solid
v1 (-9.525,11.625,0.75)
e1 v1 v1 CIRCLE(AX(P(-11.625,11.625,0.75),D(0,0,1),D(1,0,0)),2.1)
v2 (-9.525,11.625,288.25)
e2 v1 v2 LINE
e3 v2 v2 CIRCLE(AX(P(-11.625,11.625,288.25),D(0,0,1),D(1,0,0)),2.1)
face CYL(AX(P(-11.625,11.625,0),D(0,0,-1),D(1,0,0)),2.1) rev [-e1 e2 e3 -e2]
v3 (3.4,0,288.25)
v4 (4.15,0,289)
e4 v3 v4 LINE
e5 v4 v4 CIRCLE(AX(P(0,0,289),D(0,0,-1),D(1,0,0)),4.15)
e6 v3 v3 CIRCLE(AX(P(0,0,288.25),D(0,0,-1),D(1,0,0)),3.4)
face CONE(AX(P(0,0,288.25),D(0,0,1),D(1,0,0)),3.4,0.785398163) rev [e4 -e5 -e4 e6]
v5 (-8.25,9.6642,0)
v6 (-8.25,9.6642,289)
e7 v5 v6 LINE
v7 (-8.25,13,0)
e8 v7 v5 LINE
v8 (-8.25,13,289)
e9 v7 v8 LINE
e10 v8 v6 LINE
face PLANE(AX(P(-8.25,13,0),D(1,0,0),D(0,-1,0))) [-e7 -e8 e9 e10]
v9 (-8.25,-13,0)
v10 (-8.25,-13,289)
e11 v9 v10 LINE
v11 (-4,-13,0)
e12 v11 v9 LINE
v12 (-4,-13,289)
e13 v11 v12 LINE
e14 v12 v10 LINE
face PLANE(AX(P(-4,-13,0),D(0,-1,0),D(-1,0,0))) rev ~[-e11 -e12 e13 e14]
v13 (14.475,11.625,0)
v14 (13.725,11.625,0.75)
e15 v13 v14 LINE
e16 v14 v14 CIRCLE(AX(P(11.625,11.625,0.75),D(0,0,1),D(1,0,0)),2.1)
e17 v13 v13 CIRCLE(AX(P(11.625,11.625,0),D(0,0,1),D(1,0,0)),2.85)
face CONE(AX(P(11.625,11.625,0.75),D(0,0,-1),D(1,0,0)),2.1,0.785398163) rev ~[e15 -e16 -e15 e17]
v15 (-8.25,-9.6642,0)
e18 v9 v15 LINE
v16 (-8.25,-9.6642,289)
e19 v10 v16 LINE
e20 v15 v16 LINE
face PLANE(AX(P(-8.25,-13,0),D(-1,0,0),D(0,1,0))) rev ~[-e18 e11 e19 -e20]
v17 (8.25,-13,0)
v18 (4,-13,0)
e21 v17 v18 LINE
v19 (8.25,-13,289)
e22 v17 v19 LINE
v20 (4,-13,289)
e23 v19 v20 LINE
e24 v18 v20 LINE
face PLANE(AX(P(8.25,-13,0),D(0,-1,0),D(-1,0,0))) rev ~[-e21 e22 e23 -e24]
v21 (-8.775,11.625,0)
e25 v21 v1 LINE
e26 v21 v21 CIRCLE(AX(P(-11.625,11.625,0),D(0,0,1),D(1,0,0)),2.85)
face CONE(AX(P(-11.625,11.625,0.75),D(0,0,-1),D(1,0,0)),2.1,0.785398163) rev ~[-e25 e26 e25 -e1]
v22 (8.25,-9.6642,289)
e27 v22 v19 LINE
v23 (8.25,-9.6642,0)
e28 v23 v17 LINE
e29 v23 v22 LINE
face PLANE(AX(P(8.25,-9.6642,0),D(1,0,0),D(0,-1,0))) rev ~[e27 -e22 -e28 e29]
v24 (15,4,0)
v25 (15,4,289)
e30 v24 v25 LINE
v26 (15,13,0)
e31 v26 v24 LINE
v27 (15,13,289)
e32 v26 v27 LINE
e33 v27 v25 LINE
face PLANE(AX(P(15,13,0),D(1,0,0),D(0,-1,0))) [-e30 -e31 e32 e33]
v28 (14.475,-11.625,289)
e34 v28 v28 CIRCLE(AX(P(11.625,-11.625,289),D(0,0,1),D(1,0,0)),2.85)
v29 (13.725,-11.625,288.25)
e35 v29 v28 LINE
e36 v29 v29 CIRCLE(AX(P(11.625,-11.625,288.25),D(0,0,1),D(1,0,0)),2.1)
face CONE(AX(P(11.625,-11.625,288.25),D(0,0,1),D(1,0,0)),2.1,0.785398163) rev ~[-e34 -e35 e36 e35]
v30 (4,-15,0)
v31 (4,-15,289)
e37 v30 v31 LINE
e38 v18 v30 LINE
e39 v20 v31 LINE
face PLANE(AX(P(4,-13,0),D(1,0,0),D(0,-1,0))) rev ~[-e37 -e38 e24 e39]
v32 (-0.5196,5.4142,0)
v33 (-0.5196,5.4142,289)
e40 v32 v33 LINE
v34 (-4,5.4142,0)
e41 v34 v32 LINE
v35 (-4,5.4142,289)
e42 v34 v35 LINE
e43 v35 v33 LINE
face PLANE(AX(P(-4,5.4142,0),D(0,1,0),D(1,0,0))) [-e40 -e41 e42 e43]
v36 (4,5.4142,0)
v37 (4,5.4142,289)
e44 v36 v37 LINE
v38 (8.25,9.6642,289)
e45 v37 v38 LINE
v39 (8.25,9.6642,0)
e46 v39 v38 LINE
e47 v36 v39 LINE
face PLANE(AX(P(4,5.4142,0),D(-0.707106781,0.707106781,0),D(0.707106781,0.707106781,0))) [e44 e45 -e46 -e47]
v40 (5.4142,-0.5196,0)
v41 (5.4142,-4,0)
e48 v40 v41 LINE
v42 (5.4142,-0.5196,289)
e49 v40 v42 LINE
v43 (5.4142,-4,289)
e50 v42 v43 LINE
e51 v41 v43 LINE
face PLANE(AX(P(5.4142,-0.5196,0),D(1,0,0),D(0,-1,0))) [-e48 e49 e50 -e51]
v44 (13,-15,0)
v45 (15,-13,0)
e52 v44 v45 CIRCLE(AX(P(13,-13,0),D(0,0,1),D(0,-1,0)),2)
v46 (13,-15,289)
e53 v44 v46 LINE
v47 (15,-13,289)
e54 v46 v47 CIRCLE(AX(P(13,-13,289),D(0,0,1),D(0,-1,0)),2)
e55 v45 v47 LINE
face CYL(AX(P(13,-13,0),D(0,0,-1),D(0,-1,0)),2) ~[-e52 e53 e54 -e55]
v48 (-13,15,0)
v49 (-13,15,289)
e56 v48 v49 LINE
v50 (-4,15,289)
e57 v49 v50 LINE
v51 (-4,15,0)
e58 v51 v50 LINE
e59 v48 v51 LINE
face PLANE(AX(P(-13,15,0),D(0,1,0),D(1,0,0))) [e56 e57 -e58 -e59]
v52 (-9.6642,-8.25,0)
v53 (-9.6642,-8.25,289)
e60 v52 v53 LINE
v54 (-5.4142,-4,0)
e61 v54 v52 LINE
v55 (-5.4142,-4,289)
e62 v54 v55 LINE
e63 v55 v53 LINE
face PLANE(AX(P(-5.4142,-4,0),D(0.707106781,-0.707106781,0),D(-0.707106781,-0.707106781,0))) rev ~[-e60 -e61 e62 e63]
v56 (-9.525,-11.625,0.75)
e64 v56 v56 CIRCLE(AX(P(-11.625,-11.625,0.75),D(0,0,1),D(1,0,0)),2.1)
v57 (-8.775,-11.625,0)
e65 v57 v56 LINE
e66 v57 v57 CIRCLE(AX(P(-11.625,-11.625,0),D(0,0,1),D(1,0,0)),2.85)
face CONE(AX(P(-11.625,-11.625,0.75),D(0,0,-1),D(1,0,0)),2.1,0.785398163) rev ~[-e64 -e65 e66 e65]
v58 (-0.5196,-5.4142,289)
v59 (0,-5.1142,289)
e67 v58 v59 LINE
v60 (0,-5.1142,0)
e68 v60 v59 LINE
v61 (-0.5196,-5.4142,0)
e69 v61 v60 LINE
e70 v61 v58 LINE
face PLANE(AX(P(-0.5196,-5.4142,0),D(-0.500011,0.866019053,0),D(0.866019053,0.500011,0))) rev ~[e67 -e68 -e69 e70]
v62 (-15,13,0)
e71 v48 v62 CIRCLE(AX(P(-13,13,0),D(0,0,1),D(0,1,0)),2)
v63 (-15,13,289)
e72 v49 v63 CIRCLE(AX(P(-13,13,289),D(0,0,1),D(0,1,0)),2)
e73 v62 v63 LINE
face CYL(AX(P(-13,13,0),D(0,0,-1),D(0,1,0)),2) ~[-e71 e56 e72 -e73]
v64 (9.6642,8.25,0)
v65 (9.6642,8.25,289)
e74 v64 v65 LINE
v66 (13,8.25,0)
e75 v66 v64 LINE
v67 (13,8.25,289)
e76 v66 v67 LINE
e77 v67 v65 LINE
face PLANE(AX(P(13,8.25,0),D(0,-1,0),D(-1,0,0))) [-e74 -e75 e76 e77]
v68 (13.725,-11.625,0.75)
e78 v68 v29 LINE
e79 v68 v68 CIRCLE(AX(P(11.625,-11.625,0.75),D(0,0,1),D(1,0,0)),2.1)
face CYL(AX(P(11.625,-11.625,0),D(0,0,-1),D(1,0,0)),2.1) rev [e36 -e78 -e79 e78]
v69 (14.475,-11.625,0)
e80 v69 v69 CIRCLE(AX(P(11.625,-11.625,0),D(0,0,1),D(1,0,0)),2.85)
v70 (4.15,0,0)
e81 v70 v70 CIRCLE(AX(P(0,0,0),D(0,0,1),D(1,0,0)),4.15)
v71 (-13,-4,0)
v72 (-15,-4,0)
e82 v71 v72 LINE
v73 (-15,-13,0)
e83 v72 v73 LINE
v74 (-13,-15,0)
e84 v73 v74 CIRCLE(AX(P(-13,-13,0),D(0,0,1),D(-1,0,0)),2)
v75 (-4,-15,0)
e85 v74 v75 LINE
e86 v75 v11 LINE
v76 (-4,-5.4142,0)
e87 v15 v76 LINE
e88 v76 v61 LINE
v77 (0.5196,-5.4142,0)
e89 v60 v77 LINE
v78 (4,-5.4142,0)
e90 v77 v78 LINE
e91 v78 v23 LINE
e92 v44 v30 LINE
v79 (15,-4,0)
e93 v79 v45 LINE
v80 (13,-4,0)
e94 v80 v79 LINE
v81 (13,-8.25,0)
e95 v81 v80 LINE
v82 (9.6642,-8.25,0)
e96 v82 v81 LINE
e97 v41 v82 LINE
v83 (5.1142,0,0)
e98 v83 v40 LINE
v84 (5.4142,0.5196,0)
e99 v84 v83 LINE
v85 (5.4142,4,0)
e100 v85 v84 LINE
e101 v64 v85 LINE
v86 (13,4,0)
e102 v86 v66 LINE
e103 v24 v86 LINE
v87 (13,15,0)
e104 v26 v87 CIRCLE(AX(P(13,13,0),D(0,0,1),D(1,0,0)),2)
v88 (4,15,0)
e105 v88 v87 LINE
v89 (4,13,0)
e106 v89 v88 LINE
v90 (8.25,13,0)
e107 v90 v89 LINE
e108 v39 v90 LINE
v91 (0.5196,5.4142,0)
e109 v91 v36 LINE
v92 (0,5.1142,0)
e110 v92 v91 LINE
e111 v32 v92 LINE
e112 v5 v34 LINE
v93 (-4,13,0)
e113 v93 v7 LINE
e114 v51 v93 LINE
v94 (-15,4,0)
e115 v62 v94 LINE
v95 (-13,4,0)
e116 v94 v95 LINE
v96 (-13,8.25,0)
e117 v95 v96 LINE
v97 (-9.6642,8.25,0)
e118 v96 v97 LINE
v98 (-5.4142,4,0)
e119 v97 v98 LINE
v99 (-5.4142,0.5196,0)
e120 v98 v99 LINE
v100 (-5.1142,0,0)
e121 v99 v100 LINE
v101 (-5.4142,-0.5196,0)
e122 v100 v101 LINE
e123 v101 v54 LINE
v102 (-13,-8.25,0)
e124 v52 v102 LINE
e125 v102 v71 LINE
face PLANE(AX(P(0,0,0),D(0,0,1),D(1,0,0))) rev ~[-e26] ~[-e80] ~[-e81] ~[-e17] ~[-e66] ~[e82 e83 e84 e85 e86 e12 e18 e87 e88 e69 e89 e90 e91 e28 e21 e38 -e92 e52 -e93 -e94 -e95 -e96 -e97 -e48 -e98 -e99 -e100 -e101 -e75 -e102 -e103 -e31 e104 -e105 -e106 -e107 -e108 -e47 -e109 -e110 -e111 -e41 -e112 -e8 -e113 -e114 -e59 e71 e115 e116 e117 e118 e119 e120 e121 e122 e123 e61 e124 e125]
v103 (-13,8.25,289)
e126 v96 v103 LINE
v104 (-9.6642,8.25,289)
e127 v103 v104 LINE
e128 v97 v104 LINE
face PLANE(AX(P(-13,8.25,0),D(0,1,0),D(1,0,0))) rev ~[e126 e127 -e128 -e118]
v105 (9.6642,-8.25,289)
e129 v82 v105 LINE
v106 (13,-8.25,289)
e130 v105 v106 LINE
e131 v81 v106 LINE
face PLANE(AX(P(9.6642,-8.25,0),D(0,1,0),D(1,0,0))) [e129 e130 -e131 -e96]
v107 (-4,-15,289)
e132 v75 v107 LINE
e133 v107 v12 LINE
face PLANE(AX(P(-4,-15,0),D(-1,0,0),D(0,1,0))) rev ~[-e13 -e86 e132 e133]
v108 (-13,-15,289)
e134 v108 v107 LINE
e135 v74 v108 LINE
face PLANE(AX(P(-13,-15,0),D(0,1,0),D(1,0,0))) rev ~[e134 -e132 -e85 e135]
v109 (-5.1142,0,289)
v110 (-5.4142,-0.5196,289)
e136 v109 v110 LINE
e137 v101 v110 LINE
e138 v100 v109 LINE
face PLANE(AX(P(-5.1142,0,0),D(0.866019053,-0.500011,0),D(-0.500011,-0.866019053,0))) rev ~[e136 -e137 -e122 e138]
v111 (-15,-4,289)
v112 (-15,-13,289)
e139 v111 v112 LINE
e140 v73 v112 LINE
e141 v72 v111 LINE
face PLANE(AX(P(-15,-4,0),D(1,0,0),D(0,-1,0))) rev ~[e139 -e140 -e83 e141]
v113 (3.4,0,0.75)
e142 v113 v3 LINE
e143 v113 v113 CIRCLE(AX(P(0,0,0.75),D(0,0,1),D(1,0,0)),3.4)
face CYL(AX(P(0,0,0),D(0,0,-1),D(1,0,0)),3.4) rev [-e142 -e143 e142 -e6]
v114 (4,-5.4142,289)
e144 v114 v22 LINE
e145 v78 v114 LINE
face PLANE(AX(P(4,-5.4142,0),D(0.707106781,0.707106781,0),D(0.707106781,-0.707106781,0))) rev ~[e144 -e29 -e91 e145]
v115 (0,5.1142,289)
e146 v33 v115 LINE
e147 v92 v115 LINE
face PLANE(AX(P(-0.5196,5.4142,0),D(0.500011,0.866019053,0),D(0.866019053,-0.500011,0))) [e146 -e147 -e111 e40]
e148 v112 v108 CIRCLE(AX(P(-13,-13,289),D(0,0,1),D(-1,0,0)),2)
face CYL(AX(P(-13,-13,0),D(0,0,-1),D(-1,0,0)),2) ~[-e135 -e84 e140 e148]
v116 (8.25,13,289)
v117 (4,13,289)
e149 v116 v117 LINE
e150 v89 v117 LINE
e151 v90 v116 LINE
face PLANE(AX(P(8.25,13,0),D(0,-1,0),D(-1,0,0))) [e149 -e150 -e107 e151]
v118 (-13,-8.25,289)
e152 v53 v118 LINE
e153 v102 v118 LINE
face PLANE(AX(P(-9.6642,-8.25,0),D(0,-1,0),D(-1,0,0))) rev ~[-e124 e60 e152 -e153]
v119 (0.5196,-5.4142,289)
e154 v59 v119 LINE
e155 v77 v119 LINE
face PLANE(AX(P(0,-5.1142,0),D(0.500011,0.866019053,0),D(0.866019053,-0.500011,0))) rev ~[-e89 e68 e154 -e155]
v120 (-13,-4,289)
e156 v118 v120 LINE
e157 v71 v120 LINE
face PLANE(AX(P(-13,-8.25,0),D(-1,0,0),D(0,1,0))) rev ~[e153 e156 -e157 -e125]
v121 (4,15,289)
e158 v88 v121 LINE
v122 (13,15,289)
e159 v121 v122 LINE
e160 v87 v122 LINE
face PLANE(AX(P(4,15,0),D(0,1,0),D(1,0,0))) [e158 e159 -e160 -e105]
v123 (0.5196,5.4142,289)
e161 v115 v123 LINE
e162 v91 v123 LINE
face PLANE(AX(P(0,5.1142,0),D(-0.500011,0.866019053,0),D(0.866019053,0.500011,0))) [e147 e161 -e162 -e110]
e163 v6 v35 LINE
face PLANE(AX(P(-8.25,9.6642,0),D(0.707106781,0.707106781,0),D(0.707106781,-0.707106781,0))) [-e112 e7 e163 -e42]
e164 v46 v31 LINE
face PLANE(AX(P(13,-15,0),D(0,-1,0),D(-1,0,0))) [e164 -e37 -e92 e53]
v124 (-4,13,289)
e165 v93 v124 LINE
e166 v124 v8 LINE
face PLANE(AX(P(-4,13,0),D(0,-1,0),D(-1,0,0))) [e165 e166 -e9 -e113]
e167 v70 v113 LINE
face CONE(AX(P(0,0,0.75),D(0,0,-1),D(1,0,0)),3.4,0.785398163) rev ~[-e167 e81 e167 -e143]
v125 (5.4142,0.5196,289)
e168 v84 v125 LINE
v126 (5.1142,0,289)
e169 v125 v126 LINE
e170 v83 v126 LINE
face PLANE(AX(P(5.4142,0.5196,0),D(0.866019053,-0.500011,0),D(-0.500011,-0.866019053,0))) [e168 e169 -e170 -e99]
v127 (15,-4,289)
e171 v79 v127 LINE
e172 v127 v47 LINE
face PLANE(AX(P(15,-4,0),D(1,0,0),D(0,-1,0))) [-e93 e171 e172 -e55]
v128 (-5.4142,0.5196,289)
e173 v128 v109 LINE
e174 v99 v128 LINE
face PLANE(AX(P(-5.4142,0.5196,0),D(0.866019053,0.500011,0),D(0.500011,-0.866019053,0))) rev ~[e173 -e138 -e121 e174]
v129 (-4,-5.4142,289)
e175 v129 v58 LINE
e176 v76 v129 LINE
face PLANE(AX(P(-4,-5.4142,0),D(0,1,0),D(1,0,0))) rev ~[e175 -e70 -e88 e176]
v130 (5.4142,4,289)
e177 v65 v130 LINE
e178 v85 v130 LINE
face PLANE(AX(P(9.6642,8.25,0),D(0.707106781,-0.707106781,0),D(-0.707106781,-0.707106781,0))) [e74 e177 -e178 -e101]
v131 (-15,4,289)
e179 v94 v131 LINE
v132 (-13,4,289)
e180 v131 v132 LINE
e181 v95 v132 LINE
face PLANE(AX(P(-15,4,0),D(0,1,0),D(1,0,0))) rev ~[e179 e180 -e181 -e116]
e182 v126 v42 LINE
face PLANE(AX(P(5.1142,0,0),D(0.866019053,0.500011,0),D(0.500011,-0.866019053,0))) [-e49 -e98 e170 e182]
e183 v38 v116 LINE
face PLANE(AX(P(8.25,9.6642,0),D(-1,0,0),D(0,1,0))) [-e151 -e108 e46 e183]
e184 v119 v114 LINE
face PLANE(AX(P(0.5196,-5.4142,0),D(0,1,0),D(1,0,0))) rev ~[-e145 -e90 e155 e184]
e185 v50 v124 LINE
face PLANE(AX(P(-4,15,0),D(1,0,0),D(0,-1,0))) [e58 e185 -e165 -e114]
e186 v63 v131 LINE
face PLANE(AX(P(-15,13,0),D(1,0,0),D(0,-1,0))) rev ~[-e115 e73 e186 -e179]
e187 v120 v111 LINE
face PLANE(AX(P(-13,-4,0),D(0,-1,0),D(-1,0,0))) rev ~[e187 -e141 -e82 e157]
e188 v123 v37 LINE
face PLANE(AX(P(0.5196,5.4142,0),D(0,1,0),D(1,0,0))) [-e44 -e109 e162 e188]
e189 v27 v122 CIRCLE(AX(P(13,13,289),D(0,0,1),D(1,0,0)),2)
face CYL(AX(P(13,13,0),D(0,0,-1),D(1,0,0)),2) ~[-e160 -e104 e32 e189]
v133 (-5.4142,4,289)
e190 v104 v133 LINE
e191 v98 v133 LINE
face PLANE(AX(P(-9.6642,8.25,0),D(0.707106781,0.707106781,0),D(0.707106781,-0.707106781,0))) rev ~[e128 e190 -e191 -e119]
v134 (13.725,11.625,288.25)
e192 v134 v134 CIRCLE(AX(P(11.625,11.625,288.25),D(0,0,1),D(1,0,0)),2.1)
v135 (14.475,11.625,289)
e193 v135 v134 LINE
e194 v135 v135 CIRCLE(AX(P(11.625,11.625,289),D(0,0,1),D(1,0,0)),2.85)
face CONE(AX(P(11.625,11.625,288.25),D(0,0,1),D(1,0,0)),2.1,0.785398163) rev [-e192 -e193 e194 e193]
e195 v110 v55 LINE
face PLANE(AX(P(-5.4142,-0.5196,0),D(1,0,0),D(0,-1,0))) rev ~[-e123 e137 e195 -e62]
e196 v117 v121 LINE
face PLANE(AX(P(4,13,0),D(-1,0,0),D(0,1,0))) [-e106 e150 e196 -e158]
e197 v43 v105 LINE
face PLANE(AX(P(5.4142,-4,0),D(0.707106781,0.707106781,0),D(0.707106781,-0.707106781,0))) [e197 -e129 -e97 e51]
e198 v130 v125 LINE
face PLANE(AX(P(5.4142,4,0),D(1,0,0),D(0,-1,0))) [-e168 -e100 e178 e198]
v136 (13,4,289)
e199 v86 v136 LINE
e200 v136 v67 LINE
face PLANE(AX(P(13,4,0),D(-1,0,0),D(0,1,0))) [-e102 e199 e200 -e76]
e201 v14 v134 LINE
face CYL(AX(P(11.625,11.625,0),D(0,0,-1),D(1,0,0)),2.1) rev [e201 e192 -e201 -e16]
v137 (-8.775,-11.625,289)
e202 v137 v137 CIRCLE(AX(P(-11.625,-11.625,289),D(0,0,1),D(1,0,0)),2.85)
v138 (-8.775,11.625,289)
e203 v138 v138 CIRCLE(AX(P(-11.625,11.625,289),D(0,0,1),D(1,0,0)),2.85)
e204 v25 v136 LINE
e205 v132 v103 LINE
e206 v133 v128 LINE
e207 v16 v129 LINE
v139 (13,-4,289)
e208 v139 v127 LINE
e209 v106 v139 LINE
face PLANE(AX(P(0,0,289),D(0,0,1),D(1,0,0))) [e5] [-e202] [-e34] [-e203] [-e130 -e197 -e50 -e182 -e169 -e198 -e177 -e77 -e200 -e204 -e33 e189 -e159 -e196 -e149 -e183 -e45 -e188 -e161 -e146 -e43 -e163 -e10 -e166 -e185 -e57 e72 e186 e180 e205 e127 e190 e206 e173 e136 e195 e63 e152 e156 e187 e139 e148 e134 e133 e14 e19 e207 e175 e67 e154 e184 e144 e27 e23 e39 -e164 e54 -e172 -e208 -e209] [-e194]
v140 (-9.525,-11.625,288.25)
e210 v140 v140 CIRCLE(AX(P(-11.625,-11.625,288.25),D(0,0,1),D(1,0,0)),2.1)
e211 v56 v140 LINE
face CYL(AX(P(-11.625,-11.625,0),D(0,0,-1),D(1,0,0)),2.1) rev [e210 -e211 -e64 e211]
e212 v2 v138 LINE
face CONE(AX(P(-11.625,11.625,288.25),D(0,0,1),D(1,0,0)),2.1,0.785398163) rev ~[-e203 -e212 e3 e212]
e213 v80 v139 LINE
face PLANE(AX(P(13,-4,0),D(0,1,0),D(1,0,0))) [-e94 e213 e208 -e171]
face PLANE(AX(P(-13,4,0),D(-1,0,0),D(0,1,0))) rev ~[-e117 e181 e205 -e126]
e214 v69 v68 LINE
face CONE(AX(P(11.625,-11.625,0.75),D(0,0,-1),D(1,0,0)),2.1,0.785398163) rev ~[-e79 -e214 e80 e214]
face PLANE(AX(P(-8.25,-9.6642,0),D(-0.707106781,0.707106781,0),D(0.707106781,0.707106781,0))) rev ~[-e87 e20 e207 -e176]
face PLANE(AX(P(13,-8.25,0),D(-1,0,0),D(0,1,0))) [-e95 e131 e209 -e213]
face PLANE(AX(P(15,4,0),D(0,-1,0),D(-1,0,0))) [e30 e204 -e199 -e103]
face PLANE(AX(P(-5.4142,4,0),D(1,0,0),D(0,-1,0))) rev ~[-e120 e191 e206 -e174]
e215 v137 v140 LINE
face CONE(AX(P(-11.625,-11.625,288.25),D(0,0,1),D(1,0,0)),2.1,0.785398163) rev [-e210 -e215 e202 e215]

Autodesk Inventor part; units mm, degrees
ref_plane "YZ Plane" through (0, 0, 0) normal (1, 0, 0) x (0, 1, 0)
ref_plane "XZ Plane" through (0, 0, 0) normal (0, 1, 0) x (-1, 0, 0)
ref_plane "XY Plane" through (0, 0, 0) normal (0, 0, 1) x (1, 0, 0)
sketch "Náčrt1" plane through (0, 0, 0) normal (0, 0, 1) x (1, 0, 0)
  line L0 (0, -21.5799) -> (0, 21.5799) projected
  line L1 (-21.5799, 0) -> (21.5799, 0) projected
  line L2 (-13, 15) -> (-4, 15)
  line L3 (-4, 15) -> (-4, 13)
  line L4 (-4, 13) -> (-8.25, 13)
  line L5 (-8.25, 13) -> (-8.25, 9.6642)
  line L6 (-8.25, 9.6642) -> (-4, 5.4142)
  line L7 (-4, 5.4142) -> (-0.5196, 5.4142)
  line L8 (-0.5196, 5.4142) -> (0, 5.1142)
  line L9 (0, 5.1142) -> (0.5196, 5.4142)
  line L10 (0.5196, 5.4142) -> (4, 5.4142)
  line L11 (4, 5.4142) -> (8.25, 9.6642)
  line L12 (8.25, 9.6642) -> (8.25, 13)
  line L13 (8.25, 13) -> (4, 13)
  line L14 (4, 13) -> (4, 15)
  line L15 (4, 15) -> (13, 15)
  line L16 (15, 13) -> (15, 4)
  line L17 (15, 4) -> (13, 4)
  line L18 (13, 4) -> (13, 8.25)
  line L19 (13, 8.25) -> (9.6642, 8.25)
  line L20 (9.6642, 8.25) -> (5.4142, 4)
  line L21 (5.4142, 4) -> (5.4142, 0.5196)
  line L22 (5.4142, 0.5196) -> (5.1142, 0)
  line L23 (5.1142, 0) -> (5.4142, -0.5196)
  line L24 (5.4142, -0.5196) -> (5.4142, -4)
  line L25 (5.4142, -4) -> (9.6642, -8.25)
  line L26 (9.6642, -8.25) -> (13, -8.25)
  line L27 (13, -8.25) -> (13, -4)
  line L28 (13, -4) -> (15, -4)
  line L29 (15, -4) -> (15, -13)
  line L30 (13, -15) -> (4, -15)
  line L31 (-15, 13) -> (-15, 4)
  line L32 (-15, 4) -> (-13, 4)
  line L33 (-13, 4) -> (-13, 8.25)
  line L34 (-13, 8.25) -> (-9.6642, 8.25)
  line L35 (-9.6642, 8.25) -> (-5.4142, 4)
  line L36 (-5.4142, 4) -> (-5.4142, 0.5196)
  line L37 (-5.4142, 0.5196) -> (-5.1142, 0)
  line L38 (-5.1142, 0) -> (-5.4142, -0.5196)
  line L39 (-5.4142, -0.5196) -> (-5.4142, -4)
  line L40 (-5.4142, -4) -> (-9.6642, -8.25)
  line L41 (-9.6642, -8.25) -> (-13, -8.25)
  line L42 (-13, -8.25) -> (-13, -4)
  line L43 (-13, -4) -> (-15, -4)
  line L44 (-15, -4) -> (-15, -13)
  line L45 (-13, -15) -> (-4, -15)
  line L46 (-4, -15) -> (-4, -13)
  line L47 (-8.25, -9.6642) -> (-4, -5.4142)
  line L48 (-4, -5.4142) -> (-0.5196, -5.4142)
  line L49 (-0.5196, -5.4142) -> (0, -5.1142)
  line L50 (0, -5.1142) -> (0.5196, -5.4142)
  line L51 (0.5196, -5.4142) -> (4, -5.4142)
  line L52 (4, -5.4142) -> (8.25, -9.6642)
  line L53 (8.25, -9.6642) -> (8.25, -13)
  line L54 (8.25, -13) -> (4, -13)
  line L55 (4, -13) -> (4, -15)
  line L56 (-4, -13) -> (-8.25, -13)
  line L57 (-8.25, -13) -> (-8.25, -9.6642)
  circle A0 centre (-11.625, 11.625) radius 2.1
  circle A1 centre (11.625, 11.625) radius 2.1
  circle A2 centre (11.625, -11.625) radius 2.1
  circle A3 centre (-11.625, -11.625) radius 2.1
  circle A4 centre (0, 0) radius 3.4
  arc A5 (-13, 15) -> (-15, 13) centre (-13, 13) ccw
  arc A6 (15, 13) -> (13, 15) centre (13, 13) ccw
  arc A7 (13, -15) -> (15, -13) centre (13, -13) ccw
  arc A8 (-15, -13) -> (-13, -15) centre (-13, -13) ccw
  line L58 (-5.1142, 0) -> (-3.4, 0)
  line L59 (0, -5.1142) -> (0, -3.4)
  line L60 (5.1142, 0) -> (3.4, 0)
  line L61 (0, 5.1142) -> (0, 3.4)
  point P0 (15, -15)
  dimension "d0" = 120
  dimension "d1" = 0.3
  dimension "d2" = 30
  dimension "d3" = 8
  dimension "d4" = 2
  dimension "d5" = 6.75
  dimension "d6" = 120
  dimension "d7" = 2
  dimension "d8" = 4.2
  dimension "d9" = 23.25
  dimension "d10" = 23.25
  dimension "d11" = 6.8
  dimension "d12" = 2
extrude "Vysunutí1" add sketch "Náčrt1" along normal blind 289 contours L49 L48 L47 L57 L56 L46 L45 A8 L44 L43 L42 L41 L40 L39 L38 L1 A4 L0 | L0 A4 L1 L23 L24 L25 L26 L27 L28 L29 A7 L30 L55 L54 L53 L52 L51 L50 | L1 L37 L36 L35 L34 L33 L32 L31 A5 L2 L3 L4 L5 L6 L7 L8 L0 A4 | A4 L0 L9 L10 L11 L12 L13 L14 L15 A6 L16 L17 L18 L19 L20 L21 L22 L1
thread "Závit1" size "M5x0.8" class "6H" standard "ANSI Metric M Profile" length 15
thread "Závit2" size "M4.5x0.75" class "6H" standard "ANSI Metric M Profile" length 15
thread "Závit3" size "M4.5x0.75" class "6H" standard "ANSI Metric M Profile" length 15
thread "Závit4" size "M4.5x0.75" class "6H" standard "ANSI Metric M Profile" length 15
chamfer "Zkosení1" distance 0.75 angle 45 4 edges at (9.525, 11.625, 0) (-13.725, -11.625, 0) (-13.725, -11.625, 289) (9.525, 11.625, 289)
thread "Závit5" size "M5x0.8" class "6H" standard "ANSI Metric M Profile" length 15
thread "Závit6" size "M4.5x0.75" class "6H" standard "ANSI Metric M Profile" length 15
thread "Závit7" size "M4.5x0.75" class "6H" standard "ANSI Metric M Profile" length 15
thread "Závit8" size "M4.5x0.75" class "6H" standard "ANSI Metric M Profile" length 15
chamfer "Zkosení2" distance 0.75 angle 45 4 edges at (-13.725, 11.625, 289) (9.525, -11.625, 289) (9.525, -11.625, 0) (-13.725, 11.625, 0)
chamfer "Zkosení3" distance 0.75 angle 45 2 edges at (0, -3.4, 289) (0, -3.4, 0)
equation "\"d6\" = d0"
equation "\"d7\" = d4"
